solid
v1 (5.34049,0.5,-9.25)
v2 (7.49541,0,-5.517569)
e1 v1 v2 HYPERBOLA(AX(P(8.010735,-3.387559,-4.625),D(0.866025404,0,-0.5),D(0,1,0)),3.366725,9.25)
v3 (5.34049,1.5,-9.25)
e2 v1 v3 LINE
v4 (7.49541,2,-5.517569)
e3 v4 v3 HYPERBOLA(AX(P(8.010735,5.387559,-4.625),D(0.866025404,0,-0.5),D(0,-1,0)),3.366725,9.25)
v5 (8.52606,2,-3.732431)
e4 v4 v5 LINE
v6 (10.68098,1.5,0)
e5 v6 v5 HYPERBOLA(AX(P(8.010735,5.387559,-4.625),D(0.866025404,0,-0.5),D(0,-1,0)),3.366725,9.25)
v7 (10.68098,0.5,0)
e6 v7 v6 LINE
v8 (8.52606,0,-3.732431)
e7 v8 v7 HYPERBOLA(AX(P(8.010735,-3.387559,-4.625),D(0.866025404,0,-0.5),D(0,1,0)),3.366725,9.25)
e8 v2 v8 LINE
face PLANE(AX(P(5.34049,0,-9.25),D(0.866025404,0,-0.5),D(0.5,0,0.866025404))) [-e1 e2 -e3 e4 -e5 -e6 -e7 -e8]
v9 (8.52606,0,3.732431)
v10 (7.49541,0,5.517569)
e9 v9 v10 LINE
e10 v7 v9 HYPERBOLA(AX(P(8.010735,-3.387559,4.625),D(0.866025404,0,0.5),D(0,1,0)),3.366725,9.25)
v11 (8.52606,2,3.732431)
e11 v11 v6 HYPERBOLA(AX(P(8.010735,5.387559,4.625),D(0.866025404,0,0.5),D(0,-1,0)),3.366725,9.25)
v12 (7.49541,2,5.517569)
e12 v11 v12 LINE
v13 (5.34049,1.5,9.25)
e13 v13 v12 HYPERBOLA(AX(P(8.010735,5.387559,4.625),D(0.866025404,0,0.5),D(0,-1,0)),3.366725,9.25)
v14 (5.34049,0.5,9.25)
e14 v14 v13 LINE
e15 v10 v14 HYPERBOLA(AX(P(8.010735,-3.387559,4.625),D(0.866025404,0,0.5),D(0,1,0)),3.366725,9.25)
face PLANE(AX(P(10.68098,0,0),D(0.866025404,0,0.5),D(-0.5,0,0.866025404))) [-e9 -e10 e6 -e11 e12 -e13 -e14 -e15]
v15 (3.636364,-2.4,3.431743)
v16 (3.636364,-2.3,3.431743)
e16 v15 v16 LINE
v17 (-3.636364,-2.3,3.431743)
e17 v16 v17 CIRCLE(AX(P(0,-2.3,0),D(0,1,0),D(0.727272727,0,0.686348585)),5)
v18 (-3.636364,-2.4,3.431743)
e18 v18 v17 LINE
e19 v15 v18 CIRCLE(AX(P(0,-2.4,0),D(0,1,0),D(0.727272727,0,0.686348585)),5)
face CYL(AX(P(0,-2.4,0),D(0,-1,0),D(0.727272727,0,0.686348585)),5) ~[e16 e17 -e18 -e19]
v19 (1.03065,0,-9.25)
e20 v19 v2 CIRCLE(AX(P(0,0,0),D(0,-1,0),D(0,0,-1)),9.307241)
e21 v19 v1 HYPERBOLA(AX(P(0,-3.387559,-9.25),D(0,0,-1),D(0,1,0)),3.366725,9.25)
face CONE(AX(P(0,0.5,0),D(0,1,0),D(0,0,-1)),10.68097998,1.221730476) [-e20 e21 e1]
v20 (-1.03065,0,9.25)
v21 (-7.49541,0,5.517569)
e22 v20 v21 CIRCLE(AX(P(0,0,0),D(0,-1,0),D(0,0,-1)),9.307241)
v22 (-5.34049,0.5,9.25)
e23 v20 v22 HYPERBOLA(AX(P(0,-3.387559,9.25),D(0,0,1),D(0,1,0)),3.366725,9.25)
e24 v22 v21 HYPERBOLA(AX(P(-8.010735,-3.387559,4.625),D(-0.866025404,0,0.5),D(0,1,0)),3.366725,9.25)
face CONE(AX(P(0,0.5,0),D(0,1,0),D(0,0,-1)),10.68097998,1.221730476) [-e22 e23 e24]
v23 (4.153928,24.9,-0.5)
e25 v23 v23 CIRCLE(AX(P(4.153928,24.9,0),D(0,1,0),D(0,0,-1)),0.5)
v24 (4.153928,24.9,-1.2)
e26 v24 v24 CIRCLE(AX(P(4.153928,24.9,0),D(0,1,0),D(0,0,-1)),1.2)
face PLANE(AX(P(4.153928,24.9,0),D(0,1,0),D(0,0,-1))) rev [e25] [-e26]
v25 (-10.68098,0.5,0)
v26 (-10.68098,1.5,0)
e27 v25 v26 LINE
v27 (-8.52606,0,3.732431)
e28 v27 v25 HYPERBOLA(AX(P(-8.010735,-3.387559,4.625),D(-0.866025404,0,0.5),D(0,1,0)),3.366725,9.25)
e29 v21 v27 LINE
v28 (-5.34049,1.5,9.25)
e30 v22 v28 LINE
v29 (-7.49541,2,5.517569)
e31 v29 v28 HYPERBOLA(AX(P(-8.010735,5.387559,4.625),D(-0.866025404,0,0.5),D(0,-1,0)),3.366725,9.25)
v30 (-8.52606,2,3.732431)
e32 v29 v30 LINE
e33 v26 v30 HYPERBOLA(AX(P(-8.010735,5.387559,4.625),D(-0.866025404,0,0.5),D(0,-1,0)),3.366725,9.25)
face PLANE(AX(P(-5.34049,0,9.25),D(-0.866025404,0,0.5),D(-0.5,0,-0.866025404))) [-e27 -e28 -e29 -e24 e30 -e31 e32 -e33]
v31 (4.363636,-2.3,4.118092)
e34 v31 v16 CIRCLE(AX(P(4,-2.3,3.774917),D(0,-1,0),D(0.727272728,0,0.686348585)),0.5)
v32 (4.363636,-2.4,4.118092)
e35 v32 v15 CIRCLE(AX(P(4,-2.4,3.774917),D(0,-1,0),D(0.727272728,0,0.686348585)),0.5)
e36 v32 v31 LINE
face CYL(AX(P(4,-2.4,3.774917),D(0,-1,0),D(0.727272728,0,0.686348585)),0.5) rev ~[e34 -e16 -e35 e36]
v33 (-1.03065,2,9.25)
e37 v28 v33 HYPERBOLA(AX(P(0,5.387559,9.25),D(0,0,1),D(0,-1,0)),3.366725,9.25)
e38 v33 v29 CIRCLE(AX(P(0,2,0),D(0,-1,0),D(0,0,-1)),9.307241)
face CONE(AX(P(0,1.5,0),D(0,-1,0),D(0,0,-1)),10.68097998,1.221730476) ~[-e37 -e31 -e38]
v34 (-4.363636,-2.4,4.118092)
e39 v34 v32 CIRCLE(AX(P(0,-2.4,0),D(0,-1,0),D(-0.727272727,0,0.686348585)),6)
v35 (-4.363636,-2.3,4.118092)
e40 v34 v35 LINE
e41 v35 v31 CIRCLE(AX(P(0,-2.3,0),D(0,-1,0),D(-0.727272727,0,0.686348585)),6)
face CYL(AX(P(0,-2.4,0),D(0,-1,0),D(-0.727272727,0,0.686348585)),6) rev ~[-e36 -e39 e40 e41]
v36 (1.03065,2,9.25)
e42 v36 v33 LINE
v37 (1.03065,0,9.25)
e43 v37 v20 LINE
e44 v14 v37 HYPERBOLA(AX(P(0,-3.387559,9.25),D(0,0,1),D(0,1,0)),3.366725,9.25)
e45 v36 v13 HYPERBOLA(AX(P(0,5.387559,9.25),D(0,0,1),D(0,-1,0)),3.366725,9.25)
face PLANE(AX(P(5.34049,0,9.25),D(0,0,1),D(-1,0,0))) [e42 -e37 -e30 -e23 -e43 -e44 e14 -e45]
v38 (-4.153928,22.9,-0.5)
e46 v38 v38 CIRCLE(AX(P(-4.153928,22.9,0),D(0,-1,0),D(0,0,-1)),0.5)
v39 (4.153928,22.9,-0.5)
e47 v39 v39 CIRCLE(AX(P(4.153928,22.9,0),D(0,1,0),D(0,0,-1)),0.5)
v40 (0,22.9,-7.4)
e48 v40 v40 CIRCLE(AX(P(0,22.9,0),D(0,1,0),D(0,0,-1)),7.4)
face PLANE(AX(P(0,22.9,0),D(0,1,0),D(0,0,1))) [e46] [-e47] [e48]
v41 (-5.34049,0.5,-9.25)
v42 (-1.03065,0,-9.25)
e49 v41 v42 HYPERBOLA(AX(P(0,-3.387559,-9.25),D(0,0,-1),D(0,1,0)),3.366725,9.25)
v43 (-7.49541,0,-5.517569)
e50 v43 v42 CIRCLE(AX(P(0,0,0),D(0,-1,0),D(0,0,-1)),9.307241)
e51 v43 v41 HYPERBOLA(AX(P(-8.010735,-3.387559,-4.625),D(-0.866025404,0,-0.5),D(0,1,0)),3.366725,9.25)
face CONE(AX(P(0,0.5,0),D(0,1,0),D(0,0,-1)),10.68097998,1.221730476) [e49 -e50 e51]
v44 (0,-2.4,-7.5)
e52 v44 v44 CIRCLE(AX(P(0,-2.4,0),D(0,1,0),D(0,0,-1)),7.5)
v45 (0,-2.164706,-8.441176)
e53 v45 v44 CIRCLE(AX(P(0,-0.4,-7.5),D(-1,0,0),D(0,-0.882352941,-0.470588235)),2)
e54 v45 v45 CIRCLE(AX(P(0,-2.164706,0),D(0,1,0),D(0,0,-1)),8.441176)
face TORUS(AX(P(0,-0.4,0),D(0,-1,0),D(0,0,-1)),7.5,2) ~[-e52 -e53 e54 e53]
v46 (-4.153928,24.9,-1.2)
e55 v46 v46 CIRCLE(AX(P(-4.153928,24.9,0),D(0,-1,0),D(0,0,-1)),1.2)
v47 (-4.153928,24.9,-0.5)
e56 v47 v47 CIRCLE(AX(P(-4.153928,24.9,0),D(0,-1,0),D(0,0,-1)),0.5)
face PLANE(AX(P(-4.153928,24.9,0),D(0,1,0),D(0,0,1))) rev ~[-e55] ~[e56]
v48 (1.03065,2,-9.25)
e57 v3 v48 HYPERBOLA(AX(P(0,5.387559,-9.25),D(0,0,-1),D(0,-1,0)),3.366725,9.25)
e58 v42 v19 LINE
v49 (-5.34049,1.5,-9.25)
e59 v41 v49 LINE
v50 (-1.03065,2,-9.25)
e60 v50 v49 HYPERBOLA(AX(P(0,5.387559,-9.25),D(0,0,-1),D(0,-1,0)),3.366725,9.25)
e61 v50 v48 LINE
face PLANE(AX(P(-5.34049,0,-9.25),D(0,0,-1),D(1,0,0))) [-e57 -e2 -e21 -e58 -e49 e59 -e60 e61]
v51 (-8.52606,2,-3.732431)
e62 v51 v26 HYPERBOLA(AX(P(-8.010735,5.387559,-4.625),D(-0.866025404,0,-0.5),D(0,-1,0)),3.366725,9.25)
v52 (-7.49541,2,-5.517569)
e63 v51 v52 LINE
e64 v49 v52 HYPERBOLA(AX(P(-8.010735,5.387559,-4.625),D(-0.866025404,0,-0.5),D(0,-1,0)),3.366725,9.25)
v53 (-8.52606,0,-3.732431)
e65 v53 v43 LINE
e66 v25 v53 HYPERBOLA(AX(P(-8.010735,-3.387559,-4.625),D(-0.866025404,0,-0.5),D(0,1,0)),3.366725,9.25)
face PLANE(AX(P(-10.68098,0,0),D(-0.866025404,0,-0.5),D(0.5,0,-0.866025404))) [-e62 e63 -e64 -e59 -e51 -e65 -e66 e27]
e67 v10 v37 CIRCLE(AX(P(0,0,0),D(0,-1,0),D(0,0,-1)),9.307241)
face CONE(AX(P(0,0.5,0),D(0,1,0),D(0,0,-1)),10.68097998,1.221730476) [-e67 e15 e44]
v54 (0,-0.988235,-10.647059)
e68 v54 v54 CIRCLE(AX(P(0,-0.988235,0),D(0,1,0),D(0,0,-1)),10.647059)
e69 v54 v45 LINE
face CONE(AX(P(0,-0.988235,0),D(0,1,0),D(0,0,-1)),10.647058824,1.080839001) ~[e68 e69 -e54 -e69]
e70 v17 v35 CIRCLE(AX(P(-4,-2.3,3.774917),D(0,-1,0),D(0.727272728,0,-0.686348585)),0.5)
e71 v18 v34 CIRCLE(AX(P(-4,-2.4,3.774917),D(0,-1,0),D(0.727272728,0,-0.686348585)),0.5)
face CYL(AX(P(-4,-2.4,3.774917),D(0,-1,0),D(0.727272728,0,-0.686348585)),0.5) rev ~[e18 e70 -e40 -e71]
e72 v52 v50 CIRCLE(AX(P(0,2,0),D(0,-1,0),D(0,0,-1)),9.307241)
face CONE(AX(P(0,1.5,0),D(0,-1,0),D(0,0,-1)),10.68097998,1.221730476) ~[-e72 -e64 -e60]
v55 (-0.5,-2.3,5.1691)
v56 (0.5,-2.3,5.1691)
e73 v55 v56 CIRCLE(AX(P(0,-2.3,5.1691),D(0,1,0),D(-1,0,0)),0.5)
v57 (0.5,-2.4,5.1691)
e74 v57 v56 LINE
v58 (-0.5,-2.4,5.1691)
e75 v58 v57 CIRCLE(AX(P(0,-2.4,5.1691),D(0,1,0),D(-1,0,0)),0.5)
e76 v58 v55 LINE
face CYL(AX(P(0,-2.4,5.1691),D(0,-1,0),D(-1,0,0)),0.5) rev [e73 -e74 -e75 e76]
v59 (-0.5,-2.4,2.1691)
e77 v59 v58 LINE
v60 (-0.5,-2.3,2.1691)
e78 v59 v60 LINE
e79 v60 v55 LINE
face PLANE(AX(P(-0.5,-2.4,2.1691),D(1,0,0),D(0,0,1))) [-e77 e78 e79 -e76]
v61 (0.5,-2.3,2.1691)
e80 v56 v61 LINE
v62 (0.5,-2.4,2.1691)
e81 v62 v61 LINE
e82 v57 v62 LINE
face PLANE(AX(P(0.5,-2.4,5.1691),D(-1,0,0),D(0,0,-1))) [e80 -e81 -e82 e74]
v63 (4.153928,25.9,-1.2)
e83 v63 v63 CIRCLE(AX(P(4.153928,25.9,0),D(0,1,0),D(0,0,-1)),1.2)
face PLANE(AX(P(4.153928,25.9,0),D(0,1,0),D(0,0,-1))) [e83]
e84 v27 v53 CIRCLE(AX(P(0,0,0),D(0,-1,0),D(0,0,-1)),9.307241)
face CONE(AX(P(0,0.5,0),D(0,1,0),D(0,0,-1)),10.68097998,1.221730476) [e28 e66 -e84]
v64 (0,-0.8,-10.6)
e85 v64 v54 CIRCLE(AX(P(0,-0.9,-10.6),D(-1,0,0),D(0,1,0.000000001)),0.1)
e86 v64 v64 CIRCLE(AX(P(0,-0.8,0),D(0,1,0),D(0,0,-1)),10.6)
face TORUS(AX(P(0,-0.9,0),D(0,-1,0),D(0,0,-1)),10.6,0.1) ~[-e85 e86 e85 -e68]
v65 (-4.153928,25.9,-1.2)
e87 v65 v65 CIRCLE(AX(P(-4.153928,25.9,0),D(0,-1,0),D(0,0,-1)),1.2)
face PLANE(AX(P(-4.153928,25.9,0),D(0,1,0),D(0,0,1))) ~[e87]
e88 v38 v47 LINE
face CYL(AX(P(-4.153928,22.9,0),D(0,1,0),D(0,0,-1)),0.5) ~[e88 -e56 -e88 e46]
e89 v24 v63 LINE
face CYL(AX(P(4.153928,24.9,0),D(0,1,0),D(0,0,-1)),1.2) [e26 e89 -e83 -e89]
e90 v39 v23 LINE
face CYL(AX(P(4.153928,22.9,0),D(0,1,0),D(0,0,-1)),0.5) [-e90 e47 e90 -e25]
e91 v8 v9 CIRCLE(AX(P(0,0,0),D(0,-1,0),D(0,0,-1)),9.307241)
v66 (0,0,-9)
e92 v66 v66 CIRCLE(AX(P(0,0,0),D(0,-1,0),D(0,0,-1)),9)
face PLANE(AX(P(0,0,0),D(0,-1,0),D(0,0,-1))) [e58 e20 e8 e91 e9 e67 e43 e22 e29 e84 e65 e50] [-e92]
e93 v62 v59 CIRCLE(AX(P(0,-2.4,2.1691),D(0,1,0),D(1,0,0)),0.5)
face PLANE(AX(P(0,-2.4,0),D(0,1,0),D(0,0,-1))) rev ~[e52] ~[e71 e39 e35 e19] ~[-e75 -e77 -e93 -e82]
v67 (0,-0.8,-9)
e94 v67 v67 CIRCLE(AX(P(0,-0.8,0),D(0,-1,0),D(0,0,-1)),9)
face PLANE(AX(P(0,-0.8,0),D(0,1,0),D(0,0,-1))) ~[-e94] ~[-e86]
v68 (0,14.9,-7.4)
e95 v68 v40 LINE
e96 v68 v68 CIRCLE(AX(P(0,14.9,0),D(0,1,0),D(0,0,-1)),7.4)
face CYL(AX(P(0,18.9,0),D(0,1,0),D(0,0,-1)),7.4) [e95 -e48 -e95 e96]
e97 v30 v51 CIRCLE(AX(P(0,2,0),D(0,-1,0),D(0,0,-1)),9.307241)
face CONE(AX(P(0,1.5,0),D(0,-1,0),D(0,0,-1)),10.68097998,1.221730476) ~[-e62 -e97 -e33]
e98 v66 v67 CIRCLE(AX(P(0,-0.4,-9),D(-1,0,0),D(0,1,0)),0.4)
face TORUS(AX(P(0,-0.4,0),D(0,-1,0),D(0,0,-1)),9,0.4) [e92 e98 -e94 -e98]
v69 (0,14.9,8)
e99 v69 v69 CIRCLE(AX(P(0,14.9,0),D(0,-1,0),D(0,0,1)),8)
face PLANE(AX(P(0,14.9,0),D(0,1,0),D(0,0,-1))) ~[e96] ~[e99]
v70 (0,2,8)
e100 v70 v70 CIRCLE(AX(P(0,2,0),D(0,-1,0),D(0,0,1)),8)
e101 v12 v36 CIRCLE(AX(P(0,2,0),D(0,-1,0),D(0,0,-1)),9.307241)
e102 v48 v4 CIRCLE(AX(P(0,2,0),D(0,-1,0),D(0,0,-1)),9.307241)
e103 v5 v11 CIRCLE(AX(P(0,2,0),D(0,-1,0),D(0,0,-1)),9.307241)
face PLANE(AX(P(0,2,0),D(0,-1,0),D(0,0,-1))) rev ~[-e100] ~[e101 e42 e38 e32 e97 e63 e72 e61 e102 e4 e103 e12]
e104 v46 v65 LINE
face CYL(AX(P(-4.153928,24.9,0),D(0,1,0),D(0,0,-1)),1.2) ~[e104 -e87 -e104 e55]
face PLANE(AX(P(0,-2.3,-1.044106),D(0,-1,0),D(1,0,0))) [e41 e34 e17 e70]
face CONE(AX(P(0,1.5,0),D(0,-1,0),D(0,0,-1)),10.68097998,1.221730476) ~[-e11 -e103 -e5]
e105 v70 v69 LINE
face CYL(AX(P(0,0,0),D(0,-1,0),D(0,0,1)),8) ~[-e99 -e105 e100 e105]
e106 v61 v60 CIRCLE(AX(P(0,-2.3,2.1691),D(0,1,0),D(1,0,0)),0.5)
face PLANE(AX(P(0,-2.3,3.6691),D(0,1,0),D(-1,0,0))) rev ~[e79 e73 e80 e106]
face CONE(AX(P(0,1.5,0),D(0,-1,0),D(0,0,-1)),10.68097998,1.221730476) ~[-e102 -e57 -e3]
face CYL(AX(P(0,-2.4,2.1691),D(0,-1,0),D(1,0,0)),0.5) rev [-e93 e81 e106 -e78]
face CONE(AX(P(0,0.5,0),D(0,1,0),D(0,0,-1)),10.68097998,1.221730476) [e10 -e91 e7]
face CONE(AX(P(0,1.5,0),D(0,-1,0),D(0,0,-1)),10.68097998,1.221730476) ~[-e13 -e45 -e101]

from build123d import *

# Parameters (mm, degrees)
SKETCH_2_R          = 8
EXTRUDE_1_DEPTH     = 22.9
SKETCH_4_R          = 10.68097998
EXTRUDE_3_DEPTH     = 2
CHAMFER_1_SIZE      = 0.5
CHAMFER_1_SIZE2     = 1.37373871
CHAMFER_2_SIZE      = 0.5
CHAMFER_2_SIZE2     = 1.37373871
CUT_EXTRUDE_1_DEPTH = 2
CUT_EXTRUDE_2_DEPTH = 0.1
SKETCH_9_W          = 0.6
SKETCH_9_H          = 8


with BuildPart() as part:
    # 草图2 → 凸台-拉伸1 (new body)
    with BuildSketch(Plane(origin=(0, 0, 0), x_dir=(1, 0, 0), z_dir=(0, 1, 0))):
        with Locations(Location((0, 0, 0), (0, 0, 270))):
            Circle(SKETCH_2_R)
    extrude(amount=EXTRUDE_1_DEPTH)

    # 草图4 → 凸台-拉伸3 (add)
    with BuildSketch(Plane.XZ):
        with Locations(Location((0, 0, 0), (0, 0, 270))):
            Circle(SKETCH_4_R)
    extrude(amount=-EXTRUDE_3_DEPTH)

    # 倒角1
    chamfer_1_edges = [part.edges().sort_by_distance(p)[0] for p in [
        (0, 0, 10.68097998),
    ]]
    chamfer_1_side = [part.faces().sort_by_distance(p)[0] for p in [
        (0, 1, 10.68097998),
    ]]
    chamfer(chamfer_1_edges, length=CHAMFER_1_SIZE, length2=CHAMFER_1_SIZE2, reference=chamfer_1_side[0])

    # 倒角2
    chamfer_2_edges = [part.edges().sort_by_distance(p)[0] for p in [
        (0, 2, 10.68097998),
    ]]
    chamfer_2_side = [part.faces().sort_by_distance(p)[0] for p in [
        (0, 1.25, 10.68097998),
    ]]
    chamfer(chamfer_2_edges, length=CHAMFER_2_SIZE, length2=CHAMFER_2_SIZE2, reference=chamfer_2_side[0])

    # 草图1 → 切除-拉伸1 (cut)
    with BuildSketch(Plane(origin=(0, 0, 0), x_dir=(1, 0, 0), z_dir=(0, 1, 0))):
        with BuildLine():
            Line((5.34048999, 9.25), (10.68097998, 0))
            ThreePointArc((10.68097998, 0), (9.25, 5.34048999), (5.34048999, 9.25))
        make_face()
        with BuildLine():
            Line((-5.34048999, 9.25), (5.34048999, 9.25))
            ThreePointArc((5.34048999, 9.25), (0, 10.68097998), (-5.34048999, 9.25))
        make_face()
        with BuildLine():
            ThreePointArc((5.34048999, -9.25), (9.25, -5.34048999), (10.68097998, 0))
            Line((10.68097998, 0), (5.34048999, -9.25))
        make_face()
        with BuildLine():
            ThreePointArc((-5.34048999, -9.25), (0, -10.68097998), (5.34048999, -9.25))
            Line((5.34048999, -9.25), (-5.34048999, -9.25))
        make_face()
        with BuildLine():
            ThreePointArc((-10.68097998, 0), (-9.25, -5.34048999), (-5.34048999, -9.25))
            Line((-5.34048999, -9.25), (-10.68097998, 0))
        make_face()
        with BuildLine():
            Line((-10.68097998, 0), (-5.34048999, 9.25))
            ThreePointArc((-5.34048999, 9.25), (-9.25, 5.34048999), (-10.68097998, 0))
        make_face()
    extrude(amount=CUT_EXTRUDE_1_DEPTH, mode=Mode.SUBTRACT)

    # 草图6 → 旋转1 (revolve)
    with BuildSketch(Plane.XY, mode=Mode.PRIVATE) as revolve_1_sk:
        with BuildLine():
            Line((0, 0), (9, 0))
            ThreePointArc((9, 0), (9.4, -0.4), (9, -0.8))
            Line((9, -0.8), (0, -0.8))
            Line((0, -0.8), (0, 0))
        make_face()
    revolve(revolve_1_sk.sketch.rotate(Axis((0, 0, 0), (0, -1, 0)), 270), axis=Axis((0, 0, 0), (0, -1, 0)))

    # 草图7 → 旋转2 (revolve)
    with BuildSketch(Plane.XY, mode=Mode.PRIVATE) as revolve_2_sk:
        with BuildLine():
            Line((0, -0.8), (10.6, -0.8))
            ThreePointArc((10.6, -0.8), (10.69701425, -0.875746437), (10.647058824, -0.988235294))
            Line((10.647058824, -0.988235294), (8.441176471, -2.164705882))
            ThreePointArc((8.441176471, -2.164705882), (7.98507125, -2.340285), (7.5, -2.4))
            Line((7.5, -2.4), (0, -2.4))
            Line((0, -2.4), (0, -0.8))
        make_face()
    revolve(revolve_2_sk.sketch.rotate(Axis((0, -2.4, 0), (0, 1, 0)), 90), axis=Axis((0, -2.4, 0), (0, 1, 0)))

    # 草图8 → 切除-拉伸2 (cut)
    with BuildSketch(Plane.XZ.offset(2.4)):
        with BuildLine():
            Line((-0.5, 2.169099871), (-0.5, 5.169099871))
            ThreePointArc((-0.5, 5.169099871), (0, 5.669099871), (0.5, 5.169099871))
            Line((0.5, 5.169099871), (0.5, 2.169099871))
            ThreePointArc((0.5, 2.169099871), (0, 1.669099871), (-0.5, 2.169099871))
        make_face()
        with BuildLine():
            ThreePointArc((-4.363636364, 4.11809151), (0, -6), (4.363636364, 4.11809151))
            ThreePointArc((4.363636364, 4.11809151), (3.656825707, 4.138553581), (3.636363636, 3.431742925))
            ThreePointArc((3.636363636, 3.431742925), (0, -5), (-3.636363636, 3.431742925))
            ThreePointArc((-3.636363636, 3.431742925), (-3.656825707, 4.138553581), (-4.363636364, 4.11809151))
        make_face()
    extrude(amount=-CUT_EXTRUDE_2_DEPTH, mode=Mode.SUBTRACT)

    # 草图9 → 切除-旋转1 (revolve, cut)
    with BuildSketch(Plane.XY, mode=Mode.PRIVATE) as cut_revolve_1_sk:
        with Locations((7.7, 18.9)):
            Rectangle(SKETCH_9_W, SKETCH_9_H)
    revolve(cut_revolve_1_sk.sketch.rotate(Axis((0, 0, 0), (0, 1, 0)), 90), axis=Axis((0, 0, 0), (0, 1, 0)), mode=Mode.SUBTRACT)

    # 草图10 → 旋转4 (revolve)
    with BuildSketch(Plane.XY, mode=Mode.PRIVATE) as revolve_4_sk:
        Polygon((4.153927956, 22.9), (4.653927956, 22.9), (4.653927956, 24.9), (5.353927956, 24.9), (5.353927956, 25.9), (4.153927956, 25.9), align=None)
    revolve_4 = revolve(revolve_4_sk.sketch.rotate(Axis((4.153927956, 22.9, 0), (0, 1, 0)), 90), axis=Axis((4.153927956, 22.9, 0), (0, 1, 0)))

    # 镜向1: 旋转4 across plane
    add(revolve_4.mirror(Plane(origin=(0, 0, 0), x_dir=(0, 0, 1), z_dir=(1, 0, 0))))


solid = part.part
